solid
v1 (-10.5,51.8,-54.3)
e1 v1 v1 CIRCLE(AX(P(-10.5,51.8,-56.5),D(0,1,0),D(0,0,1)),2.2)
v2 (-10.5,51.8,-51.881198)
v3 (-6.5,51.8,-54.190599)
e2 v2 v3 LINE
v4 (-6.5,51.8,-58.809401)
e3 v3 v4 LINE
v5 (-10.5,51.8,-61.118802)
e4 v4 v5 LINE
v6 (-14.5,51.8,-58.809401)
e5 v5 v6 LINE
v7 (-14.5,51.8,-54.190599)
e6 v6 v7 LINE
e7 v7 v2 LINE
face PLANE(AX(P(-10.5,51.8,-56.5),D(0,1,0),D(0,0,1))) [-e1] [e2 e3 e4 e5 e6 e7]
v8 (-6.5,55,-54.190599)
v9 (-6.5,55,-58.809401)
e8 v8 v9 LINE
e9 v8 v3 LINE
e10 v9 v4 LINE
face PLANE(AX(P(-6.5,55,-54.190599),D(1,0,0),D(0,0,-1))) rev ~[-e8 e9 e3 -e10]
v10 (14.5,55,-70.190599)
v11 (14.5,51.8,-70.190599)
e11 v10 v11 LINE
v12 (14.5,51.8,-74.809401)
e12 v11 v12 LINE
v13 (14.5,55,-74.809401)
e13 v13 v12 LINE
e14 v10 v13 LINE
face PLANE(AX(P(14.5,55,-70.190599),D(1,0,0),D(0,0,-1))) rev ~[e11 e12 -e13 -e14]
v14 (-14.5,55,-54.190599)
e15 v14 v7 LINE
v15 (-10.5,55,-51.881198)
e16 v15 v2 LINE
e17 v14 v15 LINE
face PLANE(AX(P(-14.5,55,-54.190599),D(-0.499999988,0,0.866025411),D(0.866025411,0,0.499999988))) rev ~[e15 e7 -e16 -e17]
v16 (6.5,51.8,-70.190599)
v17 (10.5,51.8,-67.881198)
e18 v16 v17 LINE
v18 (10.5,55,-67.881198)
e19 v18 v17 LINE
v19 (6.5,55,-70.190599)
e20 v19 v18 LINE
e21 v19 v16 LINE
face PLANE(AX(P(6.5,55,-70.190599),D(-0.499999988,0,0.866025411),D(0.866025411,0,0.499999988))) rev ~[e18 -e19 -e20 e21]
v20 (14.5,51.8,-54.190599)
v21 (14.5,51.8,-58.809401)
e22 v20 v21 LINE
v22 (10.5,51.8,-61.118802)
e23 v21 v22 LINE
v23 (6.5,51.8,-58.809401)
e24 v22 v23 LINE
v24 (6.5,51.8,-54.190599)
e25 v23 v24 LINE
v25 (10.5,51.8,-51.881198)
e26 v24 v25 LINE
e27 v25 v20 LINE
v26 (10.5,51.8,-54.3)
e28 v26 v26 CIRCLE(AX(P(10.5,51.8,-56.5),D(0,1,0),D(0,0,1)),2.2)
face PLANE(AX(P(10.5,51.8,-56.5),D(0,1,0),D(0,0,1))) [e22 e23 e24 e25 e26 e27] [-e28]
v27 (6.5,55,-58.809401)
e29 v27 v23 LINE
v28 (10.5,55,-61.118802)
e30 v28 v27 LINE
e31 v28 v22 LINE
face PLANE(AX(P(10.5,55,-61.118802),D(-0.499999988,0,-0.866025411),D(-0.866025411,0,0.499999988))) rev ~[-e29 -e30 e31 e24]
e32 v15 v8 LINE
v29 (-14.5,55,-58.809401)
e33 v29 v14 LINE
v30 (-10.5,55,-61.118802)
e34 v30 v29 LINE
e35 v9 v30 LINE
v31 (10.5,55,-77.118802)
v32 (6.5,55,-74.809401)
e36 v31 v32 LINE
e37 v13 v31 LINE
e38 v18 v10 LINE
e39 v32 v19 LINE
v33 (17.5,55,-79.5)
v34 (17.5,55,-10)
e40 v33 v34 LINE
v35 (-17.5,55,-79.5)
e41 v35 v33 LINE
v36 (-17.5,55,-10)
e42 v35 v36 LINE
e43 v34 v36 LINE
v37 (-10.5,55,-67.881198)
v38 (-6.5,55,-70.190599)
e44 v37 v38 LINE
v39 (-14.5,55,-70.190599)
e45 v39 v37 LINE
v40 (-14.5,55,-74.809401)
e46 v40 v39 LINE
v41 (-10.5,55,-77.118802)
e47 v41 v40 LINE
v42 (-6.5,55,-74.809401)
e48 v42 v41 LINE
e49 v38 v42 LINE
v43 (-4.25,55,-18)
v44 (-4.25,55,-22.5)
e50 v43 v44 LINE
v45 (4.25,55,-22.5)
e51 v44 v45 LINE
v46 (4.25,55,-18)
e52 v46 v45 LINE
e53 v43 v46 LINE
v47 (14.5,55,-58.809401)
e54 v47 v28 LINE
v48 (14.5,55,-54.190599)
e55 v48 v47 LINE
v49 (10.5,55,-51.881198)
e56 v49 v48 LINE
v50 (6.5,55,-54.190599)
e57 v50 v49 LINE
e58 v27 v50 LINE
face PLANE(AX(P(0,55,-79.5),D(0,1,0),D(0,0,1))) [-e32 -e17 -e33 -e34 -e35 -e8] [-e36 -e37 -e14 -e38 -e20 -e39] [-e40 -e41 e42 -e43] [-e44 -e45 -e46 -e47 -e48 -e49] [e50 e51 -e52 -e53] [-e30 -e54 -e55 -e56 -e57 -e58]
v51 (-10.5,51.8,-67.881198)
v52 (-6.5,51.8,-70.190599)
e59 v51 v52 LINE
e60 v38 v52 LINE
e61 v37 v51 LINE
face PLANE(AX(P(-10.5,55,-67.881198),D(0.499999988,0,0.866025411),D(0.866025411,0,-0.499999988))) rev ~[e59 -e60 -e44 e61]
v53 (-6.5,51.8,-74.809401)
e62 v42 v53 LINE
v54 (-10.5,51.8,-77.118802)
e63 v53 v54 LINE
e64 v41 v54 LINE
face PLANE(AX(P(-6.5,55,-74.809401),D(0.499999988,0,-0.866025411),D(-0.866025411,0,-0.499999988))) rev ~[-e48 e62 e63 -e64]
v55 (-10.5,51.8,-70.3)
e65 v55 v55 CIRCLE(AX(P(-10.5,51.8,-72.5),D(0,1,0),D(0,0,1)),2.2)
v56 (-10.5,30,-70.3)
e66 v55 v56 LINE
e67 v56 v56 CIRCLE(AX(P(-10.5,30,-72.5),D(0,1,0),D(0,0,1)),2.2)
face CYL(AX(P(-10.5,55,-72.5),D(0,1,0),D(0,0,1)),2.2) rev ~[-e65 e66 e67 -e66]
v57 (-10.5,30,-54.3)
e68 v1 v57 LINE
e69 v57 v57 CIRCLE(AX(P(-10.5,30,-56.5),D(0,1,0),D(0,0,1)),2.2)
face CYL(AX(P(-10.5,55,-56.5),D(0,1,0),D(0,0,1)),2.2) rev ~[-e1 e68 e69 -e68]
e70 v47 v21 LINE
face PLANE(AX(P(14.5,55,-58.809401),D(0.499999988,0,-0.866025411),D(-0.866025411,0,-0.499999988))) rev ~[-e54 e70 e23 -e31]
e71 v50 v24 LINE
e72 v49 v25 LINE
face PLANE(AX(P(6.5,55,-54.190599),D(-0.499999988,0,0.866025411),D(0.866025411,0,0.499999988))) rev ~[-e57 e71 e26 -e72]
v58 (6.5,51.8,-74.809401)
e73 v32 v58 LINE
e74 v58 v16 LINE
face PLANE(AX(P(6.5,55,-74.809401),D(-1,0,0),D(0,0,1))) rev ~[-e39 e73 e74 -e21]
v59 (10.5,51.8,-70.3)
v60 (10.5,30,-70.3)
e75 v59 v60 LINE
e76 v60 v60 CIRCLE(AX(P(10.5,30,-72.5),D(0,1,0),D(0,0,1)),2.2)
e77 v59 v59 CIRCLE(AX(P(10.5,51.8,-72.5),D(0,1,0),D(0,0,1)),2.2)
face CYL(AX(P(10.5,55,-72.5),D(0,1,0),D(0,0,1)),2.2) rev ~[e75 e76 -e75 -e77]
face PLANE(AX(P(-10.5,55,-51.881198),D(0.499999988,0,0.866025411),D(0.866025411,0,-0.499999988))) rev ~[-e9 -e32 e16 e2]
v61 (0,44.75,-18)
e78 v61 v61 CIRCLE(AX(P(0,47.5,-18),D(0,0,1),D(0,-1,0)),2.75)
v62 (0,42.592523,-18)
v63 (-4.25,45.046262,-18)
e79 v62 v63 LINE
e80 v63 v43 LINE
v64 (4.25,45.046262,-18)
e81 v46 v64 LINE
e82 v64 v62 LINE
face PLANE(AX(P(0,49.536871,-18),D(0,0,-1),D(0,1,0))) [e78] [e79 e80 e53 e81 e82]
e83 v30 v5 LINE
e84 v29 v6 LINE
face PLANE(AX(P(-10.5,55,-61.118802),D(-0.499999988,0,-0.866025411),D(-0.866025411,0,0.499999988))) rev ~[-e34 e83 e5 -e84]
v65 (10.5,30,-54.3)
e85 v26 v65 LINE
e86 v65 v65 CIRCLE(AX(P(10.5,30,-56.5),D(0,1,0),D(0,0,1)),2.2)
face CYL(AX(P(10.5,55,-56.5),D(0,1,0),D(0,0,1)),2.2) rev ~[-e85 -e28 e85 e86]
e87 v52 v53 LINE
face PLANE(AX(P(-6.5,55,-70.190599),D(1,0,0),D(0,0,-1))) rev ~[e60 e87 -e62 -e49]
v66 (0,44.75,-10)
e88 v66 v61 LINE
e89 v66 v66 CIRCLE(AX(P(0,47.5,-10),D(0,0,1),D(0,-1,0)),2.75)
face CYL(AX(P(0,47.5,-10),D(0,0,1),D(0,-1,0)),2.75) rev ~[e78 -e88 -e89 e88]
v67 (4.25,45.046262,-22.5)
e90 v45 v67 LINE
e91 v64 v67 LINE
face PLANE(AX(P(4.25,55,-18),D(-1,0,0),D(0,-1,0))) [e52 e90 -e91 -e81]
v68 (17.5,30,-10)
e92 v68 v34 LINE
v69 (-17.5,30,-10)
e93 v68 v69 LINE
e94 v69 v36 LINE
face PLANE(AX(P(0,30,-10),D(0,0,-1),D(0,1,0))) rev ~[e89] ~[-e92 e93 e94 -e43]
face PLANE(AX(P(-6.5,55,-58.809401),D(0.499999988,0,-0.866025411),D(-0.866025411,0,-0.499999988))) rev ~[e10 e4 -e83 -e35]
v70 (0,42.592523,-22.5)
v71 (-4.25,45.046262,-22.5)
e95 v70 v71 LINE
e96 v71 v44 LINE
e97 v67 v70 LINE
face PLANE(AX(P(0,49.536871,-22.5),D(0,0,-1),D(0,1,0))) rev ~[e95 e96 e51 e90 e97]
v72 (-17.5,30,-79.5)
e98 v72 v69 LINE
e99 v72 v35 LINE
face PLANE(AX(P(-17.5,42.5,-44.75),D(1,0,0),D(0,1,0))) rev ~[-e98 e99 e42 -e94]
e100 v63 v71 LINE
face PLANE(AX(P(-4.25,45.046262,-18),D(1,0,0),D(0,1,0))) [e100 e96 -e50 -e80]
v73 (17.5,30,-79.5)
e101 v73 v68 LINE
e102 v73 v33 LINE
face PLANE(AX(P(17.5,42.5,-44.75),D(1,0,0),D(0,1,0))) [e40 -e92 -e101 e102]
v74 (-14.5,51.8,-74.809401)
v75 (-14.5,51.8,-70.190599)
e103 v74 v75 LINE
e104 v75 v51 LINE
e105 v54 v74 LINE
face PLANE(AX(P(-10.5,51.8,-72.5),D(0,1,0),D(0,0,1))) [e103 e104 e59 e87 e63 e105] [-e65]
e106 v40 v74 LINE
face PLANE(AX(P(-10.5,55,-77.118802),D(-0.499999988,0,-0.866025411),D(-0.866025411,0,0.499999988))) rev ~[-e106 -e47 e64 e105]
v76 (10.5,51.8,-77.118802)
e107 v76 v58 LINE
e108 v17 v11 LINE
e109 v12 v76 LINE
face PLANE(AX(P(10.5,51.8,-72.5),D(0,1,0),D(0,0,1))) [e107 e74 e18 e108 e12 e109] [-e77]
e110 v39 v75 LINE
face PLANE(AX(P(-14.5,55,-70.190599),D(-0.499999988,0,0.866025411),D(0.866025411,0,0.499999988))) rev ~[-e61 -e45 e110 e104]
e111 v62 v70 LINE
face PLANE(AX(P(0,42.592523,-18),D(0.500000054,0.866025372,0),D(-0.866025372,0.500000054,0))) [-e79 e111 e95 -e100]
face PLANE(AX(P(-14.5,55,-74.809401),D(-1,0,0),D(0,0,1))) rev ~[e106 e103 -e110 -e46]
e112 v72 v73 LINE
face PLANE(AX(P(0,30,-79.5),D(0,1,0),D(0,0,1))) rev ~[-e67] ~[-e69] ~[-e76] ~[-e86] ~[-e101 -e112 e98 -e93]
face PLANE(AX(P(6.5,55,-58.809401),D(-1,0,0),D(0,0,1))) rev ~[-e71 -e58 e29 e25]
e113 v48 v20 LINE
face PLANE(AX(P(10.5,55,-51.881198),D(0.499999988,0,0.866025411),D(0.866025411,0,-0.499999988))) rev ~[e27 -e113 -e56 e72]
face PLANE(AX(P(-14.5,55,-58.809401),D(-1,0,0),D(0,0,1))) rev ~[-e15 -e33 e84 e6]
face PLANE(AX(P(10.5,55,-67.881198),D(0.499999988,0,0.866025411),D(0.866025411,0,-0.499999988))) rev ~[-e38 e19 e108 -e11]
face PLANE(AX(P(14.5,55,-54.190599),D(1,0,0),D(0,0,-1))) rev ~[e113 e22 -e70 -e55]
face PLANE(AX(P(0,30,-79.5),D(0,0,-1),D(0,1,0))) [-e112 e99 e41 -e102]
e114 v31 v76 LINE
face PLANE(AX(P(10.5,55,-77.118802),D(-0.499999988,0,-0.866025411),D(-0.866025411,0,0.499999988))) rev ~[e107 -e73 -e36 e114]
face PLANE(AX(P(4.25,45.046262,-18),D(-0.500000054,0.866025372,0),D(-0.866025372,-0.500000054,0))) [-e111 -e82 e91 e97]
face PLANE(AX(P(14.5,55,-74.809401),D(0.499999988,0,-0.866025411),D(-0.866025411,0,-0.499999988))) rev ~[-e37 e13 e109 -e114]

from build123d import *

# Parameters (mm, degrees)
SKETCH_W        = 25
SKETCH_H        = 69.5
PAD_DEPTH       = 17.5
POCKET_DEPTH    = 4.5
SKETCH003_R     = 2.75
HOLE001_DEPTH   = 12
SKETCH004_R     = 2.2
HOLE_DEPTH      = 25.001
POCKET001_DEPTH = 3.2


with BuildPart() as part:
    # Sketch → Pad (new body, symmetric)
    with BuildSketch(Plane.YZ):
        with Locations((42.5, -44.75)):
            Rectangle(SKETCH_W, SKETCH_H)
    extrude(amount=PAD_DEPTH, both=True)

    # Sketch002 → Pocket (cut)
    with BuildSketch(Plane(origin=(0, 0, -18), x_dir=(0, -1, 0), z_dir=(0, 0, 1))):
        Polygon((-55, -4.25), (-55, 4.25), (-45.046262, 4.25), (-42.592523, 0), (-45.046262, -4.25), align=None)
    extrude(amount=-POCKET_DEPTH, mode=Mode.SUBTRACT)

    # Sketch003 (on Face2 of Pocket) → Hole001 (cut)
    with BuildSketch(Plane(origin=(0, 0, -10), x_dir=(0, -1, 0), z_dir=(0, 0, 1))):
        with Locations((-47.5, 0)):
            Circle(SKETCH003_R)
    extrude(amount=-HOLE001_DEPTH, mode=Mode.SUBTRACT)

    # Sketch004 (on Face6 of Hole001) → Hole (cut, through all)
    with BuildSketch(Plane.ZX.offset(55)):
        with Locations((-72.5, 10.5)):
            Circle(SKETCH004_R)
        with Locations((-56.5, 10.5)):
            Circle(SKETCH004_R)
        with Locations((-72.5, -10.5)):
            Circle(SKETCH004_R)
        with Locations((-56.5, -10.5)):
            Circle(SKETCH004_R)
    extrude(amount=-HOLE_DEPTH, mode=Mode.SUBTRACT)

    # Sketch005 (on Face10 of Hole) → Pocket001 (cut)
    with BuildSketch(Plane.ZX.offset(55)):
        Polygon((-70.190599, 14.5), (-74.809401, 14.5), (-77.118802, 10.5), (-74.809401, 6.5), (-70.190599, 6.5), (-67.881198, 10.5), align=None)
        Polygon((-51.881198, 10.5), (-54.190599, 14.5), (-58.809401, 14.5), (-61.118802, 10.5), (-58.809401, 6.5), (-54.190599, 6.5), align=None)
        Polygon((-51.881198, -10.5), (-54.190599, -6.5), (-58.809401, -6.5), (-61.118802, -10.5), (-58.809401, -14.5), (-54.190599, -14.5), align=None)
        Polygon((-70.190599, -6.5), (-74.809401, -6.5), (-77.118802, -10.5), (-74.809401, -14.5), (-70.190599, -14.5), (-67.881198, -10.5), align=None)
    extrude(amount=-POCKET001_DEPTH, mode=Mode.SUBTRACT)


solid = part.part
